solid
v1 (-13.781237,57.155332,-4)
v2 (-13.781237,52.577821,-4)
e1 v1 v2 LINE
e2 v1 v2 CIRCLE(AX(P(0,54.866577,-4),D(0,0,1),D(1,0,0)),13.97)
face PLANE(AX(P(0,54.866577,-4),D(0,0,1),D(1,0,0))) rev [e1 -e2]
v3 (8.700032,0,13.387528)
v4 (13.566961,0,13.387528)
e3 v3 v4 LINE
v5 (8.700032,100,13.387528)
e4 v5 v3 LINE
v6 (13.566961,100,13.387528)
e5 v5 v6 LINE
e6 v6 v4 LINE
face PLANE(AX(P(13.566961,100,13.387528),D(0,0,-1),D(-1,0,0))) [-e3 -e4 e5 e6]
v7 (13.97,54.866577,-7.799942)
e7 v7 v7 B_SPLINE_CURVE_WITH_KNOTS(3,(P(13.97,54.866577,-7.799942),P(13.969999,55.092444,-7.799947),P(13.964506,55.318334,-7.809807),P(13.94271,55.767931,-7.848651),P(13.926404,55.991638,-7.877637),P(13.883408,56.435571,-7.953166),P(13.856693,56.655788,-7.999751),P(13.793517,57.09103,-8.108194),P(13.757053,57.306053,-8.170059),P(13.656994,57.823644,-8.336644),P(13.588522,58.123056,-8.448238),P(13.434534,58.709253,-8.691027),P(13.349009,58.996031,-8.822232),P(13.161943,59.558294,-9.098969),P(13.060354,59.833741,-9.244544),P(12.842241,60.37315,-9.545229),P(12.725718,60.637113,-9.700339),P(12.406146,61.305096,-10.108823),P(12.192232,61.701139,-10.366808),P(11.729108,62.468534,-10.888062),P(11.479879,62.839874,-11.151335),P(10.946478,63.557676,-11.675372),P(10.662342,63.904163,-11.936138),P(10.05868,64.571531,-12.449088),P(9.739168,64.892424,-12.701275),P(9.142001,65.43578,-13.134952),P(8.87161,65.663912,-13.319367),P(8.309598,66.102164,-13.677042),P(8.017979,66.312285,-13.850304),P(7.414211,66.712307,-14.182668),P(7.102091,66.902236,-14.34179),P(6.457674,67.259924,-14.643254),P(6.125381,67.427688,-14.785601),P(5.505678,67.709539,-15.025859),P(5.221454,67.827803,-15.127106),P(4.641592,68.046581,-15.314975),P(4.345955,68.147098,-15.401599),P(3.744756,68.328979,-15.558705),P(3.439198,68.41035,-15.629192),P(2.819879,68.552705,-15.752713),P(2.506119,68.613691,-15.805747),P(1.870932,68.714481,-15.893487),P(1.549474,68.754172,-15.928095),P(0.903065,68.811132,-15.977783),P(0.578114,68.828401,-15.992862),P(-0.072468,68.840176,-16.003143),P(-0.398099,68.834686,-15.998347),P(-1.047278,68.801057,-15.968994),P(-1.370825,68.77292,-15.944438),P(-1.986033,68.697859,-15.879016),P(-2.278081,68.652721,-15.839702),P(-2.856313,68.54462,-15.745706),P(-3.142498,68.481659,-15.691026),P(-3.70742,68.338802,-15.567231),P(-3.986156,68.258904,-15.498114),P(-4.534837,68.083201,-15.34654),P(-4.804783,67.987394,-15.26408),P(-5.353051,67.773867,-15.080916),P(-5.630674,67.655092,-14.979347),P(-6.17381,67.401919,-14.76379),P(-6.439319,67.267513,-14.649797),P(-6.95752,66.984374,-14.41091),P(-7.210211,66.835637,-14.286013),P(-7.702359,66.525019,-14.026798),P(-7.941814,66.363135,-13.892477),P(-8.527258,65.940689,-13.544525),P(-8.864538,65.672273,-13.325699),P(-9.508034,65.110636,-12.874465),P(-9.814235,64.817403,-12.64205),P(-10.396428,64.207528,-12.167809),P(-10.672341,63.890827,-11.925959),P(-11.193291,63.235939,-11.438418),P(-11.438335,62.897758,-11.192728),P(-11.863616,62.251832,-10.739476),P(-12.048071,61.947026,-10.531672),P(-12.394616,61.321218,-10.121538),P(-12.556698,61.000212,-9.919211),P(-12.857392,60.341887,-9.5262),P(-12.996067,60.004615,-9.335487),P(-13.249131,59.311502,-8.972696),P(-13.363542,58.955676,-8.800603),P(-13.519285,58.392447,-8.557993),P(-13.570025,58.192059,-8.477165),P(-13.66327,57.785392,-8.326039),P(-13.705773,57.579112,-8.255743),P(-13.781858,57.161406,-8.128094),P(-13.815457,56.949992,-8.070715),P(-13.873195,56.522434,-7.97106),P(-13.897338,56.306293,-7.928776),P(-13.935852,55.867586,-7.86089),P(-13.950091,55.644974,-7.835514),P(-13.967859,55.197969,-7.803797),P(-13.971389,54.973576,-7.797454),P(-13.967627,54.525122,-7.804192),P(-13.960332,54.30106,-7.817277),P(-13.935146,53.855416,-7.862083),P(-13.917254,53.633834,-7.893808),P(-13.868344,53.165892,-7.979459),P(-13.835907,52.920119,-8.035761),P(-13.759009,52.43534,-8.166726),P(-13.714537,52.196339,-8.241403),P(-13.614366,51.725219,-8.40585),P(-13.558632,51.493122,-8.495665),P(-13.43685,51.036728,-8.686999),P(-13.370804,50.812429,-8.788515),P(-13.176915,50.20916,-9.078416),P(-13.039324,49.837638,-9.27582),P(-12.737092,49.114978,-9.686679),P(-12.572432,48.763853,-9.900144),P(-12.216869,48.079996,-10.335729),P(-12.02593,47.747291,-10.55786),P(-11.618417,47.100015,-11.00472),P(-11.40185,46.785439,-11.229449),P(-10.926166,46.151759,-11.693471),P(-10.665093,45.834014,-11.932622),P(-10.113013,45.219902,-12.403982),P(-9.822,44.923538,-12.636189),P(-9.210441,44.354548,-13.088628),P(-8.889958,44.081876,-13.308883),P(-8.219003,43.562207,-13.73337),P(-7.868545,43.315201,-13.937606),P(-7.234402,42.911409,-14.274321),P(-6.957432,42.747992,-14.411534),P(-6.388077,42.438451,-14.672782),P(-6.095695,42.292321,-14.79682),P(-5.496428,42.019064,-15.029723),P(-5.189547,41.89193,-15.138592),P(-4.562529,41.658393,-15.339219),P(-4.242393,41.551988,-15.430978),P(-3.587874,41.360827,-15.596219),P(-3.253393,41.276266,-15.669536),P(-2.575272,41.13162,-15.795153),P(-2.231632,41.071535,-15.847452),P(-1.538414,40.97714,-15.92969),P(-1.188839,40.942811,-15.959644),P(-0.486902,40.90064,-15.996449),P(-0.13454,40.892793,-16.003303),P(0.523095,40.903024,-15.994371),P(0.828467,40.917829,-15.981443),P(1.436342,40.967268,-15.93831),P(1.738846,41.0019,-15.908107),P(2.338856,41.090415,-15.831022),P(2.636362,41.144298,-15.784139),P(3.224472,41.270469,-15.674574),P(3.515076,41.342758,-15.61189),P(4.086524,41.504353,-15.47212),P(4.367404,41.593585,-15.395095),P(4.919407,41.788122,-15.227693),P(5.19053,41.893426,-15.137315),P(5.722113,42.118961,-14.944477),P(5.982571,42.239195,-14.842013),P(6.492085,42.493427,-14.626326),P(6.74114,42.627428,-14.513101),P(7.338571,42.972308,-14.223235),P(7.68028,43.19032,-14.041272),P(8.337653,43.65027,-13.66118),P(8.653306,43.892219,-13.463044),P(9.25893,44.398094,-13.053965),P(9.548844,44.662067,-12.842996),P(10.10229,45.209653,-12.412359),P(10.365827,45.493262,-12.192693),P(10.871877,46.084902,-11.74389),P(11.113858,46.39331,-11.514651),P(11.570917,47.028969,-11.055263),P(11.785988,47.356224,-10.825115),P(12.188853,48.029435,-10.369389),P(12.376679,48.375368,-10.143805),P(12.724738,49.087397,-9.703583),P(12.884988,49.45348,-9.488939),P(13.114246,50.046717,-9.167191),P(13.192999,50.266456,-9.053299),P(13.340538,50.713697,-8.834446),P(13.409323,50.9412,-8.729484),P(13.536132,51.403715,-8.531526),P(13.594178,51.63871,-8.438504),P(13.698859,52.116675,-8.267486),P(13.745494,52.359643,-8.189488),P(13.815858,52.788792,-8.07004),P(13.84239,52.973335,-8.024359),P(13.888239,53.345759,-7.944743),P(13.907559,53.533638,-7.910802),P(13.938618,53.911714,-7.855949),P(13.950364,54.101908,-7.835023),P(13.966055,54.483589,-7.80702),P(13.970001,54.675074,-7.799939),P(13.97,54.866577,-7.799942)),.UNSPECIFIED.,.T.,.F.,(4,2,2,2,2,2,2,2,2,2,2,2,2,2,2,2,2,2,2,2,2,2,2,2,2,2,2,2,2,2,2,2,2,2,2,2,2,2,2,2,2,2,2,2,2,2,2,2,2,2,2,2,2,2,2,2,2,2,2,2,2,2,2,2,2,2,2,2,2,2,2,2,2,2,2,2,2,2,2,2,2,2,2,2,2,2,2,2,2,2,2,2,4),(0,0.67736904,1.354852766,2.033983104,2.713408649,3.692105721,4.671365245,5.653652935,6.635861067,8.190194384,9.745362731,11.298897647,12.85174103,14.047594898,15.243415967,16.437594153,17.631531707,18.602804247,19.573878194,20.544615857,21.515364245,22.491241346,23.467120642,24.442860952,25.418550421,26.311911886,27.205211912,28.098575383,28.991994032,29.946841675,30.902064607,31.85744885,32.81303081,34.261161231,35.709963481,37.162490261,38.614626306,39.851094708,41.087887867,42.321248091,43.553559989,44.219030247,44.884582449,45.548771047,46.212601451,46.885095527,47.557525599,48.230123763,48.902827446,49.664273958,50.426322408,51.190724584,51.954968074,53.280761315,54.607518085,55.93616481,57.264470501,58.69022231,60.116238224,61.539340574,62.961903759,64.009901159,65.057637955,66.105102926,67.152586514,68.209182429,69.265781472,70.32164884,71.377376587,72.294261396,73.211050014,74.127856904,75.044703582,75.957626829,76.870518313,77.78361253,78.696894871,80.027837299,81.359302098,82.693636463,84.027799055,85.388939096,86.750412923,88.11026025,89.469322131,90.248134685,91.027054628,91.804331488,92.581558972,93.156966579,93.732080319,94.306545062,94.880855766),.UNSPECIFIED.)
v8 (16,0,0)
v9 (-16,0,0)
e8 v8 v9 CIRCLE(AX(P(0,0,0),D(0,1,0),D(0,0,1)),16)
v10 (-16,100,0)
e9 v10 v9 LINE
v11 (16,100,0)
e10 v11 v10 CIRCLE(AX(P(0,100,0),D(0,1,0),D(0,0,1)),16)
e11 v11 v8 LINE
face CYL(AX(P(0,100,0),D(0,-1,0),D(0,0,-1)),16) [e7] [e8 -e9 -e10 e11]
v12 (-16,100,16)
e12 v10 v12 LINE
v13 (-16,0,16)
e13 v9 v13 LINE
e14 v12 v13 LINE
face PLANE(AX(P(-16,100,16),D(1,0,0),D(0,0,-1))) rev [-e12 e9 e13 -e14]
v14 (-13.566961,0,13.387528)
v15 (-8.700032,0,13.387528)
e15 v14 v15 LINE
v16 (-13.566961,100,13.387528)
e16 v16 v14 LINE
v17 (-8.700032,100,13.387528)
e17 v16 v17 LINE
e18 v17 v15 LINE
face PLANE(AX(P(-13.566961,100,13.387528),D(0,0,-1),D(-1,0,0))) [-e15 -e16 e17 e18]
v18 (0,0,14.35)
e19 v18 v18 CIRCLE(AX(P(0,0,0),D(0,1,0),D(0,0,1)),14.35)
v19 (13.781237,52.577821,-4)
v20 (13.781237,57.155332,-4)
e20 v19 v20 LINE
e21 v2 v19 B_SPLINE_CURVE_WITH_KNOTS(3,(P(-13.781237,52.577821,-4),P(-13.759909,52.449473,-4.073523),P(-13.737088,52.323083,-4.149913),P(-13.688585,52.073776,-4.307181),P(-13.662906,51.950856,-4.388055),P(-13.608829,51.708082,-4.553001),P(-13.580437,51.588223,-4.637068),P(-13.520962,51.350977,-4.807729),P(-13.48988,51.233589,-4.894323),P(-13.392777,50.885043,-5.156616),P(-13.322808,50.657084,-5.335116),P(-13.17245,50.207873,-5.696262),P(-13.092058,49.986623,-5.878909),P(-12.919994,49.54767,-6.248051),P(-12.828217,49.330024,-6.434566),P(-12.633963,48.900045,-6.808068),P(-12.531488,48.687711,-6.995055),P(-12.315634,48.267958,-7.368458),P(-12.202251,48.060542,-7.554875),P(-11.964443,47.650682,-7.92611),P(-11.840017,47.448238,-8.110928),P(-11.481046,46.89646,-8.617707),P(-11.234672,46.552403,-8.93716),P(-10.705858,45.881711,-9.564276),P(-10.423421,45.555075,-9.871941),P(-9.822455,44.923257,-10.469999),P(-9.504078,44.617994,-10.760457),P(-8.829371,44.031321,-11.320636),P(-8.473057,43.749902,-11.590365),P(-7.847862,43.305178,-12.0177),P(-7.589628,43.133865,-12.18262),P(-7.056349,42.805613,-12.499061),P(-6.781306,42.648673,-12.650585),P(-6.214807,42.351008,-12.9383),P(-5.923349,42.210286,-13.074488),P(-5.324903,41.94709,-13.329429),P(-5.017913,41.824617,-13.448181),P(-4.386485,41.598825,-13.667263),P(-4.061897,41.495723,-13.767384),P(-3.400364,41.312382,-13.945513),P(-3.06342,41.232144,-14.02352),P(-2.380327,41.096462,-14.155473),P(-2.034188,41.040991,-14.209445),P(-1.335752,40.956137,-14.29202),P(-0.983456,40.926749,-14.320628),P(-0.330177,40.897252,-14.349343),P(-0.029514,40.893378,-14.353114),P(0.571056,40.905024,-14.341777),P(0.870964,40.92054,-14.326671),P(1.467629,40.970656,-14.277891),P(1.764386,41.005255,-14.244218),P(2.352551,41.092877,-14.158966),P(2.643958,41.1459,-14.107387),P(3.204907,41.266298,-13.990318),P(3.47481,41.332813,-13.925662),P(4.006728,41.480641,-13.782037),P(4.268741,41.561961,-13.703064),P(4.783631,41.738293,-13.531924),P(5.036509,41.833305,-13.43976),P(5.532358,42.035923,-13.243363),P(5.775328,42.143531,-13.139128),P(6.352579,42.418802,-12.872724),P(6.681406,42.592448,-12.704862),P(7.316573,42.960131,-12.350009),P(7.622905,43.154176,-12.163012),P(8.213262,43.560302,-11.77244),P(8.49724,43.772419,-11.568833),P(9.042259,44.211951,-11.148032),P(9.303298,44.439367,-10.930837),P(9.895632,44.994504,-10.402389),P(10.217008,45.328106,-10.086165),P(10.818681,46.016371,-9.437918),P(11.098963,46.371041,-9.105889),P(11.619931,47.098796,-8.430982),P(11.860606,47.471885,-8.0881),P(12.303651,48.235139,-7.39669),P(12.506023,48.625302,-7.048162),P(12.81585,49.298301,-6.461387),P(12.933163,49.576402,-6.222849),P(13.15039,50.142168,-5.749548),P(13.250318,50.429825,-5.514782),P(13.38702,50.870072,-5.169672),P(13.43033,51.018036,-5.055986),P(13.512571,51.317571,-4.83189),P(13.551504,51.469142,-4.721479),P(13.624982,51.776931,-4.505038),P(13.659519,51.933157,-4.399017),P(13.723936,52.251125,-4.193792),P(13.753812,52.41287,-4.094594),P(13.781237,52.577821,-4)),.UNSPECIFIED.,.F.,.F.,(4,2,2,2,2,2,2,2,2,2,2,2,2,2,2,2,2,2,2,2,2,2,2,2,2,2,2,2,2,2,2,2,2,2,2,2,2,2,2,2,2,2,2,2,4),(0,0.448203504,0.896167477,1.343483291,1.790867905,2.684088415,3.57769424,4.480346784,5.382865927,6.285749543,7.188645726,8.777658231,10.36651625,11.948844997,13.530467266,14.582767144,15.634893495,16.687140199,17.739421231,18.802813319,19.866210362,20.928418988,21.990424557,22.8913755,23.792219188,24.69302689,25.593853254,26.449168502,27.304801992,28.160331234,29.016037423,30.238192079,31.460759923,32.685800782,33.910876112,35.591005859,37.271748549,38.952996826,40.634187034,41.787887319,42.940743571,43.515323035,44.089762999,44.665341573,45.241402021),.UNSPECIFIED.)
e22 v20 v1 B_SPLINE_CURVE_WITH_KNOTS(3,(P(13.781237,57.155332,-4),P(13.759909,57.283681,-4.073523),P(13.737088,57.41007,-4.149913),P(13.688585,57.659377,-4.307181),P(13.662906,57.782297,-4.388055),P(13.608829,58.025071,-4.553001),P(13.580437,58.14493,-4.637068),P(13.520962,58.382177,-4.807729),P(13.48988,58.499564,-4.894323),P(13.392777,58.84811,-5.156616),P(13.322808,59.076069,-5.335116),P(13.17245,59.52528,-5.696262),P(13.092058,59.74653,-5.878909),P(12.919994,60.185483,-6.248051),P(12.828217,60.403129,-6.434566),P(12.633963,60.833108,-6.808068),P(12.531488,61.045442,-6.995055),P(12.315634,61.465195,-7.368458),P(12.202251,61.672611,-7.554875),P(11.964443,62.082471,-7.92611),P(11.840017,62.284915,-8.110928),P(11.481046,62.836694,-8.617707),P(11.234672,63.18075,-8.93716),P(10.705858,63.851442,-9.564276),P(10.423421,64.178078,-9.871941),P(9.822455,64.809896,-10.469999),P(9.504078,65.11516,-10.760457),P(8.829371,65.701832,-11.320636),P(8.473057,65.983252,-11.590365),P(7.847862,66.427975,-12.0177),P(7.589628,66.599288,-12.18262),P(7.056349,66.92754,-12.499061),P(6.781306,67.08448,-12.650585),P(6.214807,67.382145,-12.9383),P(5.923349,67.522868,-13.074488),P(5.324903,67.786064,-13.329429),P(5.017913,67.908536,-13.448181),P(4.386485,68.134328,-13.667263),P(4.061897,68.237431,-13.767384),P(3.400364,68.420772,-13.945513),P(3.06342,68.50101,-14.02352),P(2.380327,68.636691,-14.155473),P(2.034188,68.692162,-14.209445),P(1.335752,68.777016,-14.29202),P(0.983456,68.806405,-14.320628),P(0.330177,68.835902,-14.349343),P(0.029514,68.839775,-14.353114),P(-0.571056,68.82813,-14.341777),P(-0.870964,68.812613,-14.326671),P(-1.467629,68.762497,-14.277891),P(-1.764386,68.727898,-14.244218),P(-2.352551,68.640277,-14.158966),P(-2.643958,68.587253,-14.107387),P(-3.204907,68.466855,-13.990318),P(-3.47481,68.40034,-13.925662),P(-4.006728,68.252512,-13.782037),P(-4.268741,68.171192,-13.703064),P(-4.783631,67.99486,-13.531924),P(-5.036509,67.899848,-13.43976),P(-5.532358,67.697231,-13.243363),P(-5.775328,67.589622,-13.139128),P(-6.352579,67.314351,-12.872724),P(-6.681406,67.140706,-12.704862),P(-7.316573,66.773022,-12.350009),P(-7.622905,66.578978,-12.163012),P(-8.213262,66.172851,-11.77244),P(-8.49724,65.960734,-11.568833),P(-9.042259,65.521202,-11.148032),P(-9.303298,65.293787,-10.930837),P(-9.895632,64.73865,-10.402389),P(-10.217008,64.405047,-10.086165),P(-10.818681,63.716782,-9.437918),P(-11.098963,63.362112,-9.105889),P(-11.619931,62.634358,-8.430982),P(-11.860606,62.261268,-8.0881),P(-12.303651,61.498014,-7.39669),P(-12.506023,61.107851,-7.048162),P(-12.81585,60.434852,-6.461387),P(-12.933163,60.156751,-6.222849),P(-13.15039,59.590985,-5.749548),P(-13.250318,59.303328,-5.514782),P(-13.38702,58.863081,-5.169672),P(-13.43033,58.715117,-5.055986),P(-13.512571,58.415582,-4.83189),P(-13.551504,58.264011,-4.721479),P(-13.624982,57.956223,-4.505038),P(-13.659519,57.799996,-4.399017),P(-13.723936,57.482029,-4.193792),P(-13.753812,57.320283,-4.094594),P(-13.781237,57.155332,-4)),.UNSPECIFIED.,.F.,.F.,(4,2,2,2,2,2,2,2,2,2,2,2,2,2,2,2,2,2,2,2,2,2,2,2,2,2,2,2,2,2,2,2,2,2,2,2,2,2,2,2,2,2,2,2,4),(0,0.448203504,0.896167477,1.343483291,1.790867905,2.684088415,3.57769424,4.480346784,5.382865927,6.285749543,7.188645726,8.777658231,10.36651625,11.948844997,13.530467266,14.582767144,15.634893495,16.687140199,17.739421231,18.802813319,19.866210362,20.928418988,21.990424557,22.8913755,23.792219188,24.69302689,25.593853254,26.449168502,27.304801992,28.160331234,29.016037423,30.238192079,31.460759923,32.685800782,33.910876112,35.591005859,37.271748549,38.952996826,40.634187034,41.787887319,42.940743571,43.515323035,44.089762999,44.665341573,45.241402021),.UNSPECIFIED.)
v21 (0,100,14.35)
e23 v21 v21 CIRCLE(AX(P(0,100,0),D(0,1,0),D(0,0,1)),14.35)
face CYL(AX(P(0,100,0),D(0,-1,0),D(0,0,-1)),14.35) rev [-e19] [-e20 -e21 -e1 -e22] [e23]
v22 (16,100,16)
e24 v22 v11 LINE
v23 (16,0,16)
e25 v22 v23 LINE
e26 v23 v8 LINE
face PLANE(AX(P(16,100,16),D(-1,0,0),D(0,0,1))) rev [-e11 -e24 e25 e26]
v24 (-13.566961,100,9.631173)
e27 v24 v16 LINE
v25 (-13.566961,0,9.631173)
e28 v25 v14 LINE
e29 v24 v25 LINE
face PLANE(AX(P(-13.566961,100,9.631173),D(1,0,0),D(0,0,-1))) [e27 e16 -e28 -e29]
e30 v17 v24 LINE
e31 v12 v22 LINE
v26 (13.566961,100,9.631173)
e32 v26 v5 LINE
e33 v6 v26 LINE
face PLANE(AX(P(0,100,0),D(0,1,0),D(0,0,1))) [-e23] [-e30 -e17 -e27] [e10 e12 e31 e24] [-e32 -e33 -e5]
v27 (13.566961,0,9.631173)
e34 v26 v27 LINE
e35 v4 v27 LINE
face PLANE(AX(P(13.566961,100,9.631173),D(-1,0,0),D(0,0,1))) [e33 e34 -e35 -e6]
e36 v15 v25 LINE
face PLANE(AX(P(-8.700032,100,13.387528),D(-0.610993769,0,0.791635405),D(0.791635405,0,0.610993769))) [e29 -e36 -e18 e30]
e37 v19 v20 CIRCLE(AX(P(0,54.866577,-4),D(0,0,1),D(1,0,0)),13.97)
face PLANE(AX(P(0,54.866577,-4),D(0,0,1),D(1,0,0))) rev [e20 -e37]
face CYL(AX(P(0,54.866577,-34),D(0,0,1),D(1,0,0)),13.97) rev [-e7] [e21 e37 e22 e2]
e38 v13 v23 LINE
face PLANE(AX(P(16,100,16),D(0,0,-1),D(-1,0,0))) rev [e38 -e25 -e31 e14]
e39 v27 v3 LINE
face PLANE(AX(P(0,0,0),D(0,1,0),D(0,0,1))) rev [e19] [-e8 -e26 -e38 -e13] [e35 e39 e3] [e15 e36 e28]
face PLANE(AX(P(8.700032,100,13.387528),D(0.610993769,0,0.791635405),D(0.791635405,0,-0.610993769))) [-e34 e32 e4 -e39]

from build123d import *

# Parameters (mm, degrees)
SKETCH1_R           = 14.35
BOSS_EXTRUDE1_DEPTH = 100
CUT_EXTRUDE3_START  = -35
SKETCH2_R           = 13.97
CUT_EXTRUDE3_DEPTH  = 15


with BuildPart() as part:
    # Sketch1 → Boss-Extrude1 (new body)
    with BuildSketch(Plane(origin=(0, 0, 0), x_dir=(1, 0, 0), z_dir=(0, 1, 0))):
        with BuildLine():
            Line((16, -16), (-16, -16))
            Line((-16, -16), (-16, 0))
            ThreePointArc((-16, 0), (0, 16), (16, 0))
            Line((16, 0), (16, -16))
        make_face()
        with Locations(Location((0, 0, 0), (0, 0, 270))):
            Circle(SKETCH1_R, mode=Mode.SUBTRACT)
        Polygon((-13.566960835, -13.387527792), (-8.700031969, -13.387527792), (-13.566960835, -9.631173298), align=None, mode=Mode.SUBTRACT)
        Polygon((13.566960835, -13.387527792), (8.700031969, -13.387527792), (13.566960835, -9.631173298), align=None, mode=Mode.SUBTRACT)
    extrude(amount=BOSS_EXTRUDE1_DEPTH)

    # Sketch2 → Cut-Extrude3 (cut, symmetric)
    with BuildSketch(Plane.XY.offset(16).offset(CUT_EXTRUDE3_START)):
        with Locations((0, 54.866576619)):
            Circle(SKETCH2_R)
    extrude(amount=CUT_EXTRUDE3_DEPTH, both=True, mode=Mode.SUBTRACT)


solid = part.part
